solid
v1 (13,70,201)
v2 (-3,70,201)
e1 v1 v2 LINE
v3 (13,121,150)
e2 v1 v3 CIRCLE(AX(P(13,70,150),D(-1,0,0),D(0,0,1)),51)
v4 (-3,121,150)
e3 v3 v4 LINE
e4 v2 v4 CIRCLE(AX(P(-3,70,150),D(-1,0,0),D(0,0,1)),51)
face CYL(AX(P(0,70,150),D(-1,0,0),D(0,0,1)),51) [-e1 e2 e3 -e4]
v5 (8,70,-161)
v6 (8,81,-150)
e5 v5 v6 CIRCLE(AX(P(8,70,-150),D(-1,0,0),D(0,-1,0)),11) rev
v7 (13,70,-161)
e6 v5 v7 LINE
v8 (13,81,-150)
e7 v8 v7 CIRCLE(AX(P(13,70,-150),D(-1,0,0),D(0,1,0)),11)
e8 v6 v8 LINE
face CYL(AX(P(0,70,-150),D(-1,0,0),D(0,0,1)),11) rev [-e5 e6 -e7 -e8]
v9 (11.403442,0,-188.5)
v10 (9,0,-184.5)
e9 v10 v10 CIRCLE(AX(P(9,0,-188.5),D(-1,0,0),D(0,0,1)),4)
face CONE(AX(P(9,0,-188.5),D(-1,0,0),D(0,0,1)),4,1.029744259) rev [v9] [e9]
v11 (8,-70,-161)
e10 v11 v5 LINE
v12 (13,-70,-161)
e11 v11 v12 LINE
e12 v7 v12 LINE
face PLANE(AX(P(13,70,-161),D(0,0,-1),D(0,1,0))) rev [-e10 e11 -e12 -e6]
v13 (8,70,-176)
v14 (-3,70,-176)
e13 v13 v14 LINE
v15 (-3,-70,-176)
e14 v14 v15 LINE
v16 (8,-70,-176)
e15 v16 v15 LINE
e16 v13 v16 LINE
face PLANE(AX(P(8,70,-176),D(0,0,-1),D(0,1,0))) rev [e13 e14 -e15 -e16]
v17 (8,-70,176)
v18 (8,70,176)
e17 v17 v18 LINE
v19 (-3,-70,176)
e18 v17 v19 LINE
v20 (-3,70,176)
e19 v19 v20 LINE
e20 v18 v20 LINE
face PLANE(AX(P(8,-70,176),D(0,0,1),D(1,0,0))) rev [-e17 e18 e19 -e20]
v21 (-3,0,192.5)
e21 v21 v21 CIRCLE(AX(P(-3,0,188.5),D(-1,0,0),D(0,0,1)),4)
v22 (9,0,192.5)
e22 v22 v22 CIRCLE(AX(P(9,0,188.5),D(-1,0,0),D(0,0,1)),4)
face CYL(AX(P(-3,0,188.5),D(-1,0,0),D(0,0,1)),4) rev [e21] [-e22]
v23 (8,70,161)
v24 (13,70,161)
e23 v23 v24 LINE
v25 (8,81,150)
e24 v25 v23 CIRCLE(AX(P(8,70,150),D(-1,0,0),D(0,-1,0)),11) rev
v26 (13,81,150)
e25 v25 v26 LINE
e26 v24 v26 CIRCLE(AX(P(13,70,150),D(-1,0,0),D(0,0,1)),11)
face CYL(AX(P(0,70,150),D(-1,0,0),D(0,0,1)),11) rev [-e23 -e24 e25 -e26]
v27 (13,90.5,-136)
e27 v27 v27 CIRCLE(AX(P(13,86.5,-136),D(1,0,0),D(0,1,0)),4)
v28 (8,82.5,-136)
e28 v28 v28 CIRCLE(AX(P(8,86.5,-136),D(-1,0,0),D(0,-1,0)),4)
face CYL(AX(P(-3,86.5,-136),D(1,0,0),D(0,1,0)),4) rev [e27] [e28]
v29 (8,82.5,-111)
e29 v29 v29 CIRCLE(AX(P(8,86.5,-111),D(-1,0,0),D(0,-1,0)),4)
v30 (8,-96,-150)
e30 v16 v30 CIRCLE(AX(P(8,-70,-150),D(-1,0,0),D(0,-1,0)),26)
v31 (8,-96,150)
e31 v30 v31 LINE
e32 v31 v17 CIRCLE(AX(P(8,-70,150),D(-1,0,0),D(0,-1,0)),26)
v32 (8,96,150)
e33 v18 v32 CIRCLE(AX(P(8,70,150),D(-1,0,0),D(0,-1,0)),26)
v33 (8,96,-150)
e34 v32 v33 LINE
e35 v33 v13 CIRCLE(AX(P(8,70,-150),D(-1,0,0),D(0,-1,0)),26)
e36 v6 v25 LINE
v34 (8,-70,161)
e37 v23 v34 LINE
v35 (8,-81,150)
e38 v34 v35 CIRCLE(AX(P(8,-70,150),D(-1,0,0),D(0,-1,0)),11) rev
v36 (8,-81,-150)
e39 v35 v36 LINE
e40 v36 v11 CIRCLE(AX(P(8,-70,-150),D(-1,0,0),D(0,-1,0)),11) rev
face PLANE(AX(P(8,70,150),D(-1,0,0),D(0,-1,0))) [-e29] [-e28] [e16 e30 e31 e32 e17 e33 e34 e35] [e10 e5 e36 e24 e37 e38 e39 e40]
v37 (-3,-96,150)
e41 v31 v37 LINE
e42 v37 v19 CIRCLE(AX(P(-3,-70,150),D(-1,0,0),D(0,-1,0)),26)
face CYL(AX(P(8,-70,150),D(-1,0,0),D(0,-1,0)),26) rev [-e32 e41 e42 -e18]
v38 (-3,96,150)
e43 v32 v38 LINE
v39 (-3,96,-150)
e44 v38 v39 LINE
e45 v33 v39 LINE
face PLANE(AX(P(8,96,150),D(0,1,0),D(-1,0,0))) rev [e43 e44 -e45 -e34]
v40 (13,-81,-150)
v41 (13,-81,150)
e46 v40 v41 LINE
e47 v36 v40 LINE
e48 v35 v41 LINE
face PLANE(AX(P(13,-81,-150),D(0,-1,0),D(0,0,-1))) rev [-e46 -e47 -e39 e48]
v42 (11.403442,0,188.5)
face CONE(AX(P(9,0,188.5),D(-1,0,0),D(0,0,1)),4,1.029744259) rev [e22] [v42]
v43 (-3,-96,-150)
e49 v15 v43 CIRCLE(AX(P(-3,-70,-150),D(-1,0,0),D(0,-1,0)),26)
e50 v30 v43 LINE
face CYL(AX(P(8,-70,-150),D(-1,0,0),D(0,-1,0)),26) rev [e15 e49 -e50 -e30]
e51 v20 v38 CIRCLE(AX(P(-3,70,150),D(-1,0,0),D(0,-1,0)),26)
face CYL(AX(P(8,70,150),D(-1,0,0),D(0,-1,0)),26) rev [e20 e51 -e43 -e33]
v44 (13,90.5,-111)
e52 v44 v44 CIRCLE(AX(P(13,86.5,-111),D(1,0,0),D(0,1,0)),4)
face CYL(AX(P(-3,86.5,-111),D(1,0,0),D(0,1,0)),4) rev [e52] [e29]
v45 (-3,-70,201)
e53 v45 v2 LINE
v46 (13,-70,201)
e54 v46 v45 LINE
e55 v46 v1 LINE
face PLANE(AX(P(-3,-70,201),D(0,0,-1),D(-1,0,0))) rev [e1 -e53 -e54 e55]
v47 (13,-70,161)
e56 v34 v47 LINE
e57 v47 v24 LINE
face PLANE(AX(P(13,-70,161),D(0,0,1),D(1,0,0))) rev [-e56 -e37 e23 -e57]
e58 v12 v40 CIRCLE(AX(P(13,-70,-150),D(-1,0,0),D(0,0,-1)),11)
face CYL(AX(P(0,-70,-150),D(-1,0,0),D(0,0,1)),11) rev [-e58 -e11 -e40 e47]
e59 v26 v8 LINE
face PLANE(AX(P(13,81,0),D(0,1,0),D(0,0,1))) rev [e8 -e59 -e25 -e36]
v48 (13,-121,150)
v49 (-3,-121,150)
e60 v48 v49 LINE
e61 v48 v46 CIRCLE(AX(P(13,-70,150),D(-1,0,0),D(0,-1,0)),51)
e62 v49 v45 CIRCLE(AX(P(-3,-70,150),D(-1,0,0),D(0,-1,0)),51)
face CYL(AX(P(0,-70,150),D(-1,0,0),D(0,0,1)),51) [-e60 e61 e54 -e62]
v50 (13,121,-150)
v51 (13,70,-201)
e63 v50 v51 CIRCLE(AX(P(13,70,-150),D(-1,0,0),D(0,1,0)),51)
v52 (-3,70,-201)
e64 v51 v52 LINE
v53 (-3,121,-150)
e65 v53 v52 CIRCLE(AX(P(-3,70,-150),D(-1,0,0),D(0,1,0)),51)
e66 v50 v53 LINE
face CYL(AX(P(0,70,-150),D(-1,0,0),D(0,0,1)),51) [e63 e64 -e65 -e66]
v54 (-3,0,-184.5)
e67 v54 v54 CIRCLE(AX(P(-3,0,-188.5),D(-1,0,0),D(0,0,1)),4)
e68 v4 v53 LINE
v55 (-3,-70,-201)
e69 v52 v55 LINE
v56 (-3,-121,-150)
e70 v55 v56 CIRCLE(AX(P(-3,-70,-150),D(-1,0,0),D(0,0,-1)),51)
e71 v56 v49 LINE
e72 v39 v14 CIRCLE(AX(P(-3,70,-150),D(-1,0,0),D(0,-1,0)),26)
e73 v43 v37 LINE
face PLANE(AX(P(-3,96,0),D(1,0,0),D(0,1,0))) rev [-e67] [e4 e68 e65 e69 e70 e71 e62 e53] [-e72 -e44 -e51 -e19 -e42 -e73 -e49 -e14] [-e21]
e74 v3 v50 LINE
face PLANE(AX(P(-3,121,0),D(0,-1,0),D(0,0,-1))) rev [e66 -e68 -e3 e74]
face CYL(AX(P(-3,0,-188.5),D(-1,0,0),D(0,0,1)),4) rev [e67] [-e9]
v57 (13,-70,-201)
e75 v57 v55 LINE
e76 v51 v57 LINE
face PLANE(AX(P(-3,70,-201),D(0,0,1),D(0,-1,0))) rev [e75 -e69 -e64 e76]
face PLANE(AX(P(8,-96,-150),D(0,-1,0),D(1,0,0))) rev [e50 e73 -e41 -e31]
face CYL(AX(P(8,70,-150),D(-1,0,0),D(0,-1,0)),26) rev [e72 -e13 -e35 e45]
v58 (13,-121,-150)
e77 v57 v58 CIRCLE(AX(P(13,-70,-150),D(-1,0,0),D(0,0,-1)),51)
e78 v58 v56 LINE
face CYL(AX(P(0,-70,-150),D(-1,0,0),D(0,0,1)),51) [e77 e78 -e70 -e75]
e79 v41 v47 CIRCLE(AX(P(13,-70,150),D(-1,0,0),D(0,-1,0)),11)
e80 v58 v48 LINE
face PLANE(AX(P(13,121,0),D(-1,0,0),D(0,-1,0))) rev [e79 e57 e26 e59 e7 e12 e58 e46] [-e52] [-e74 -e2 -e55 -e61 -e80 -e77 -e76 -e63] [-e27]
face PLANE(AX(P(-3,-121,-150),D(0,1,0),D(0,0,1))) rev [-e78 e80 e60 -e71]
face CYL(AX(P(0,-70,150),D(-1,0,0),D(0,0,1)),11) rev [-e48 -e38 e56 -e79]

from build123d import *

# Parameters (mm, degrees)
BOSS_EXTRUDE1_DEPTH       = 16
CUT_EXTRUDE3_DEPTH        = 11
SKETCH3_R                 = 4
CUT_EXTRUDE1_DEPTH        = 236.155267855
F_8_0MM_DOWEL_HOLE1_D     = 8
F_8_0MM_DOWEL_HOLE1_DEPTH = 12
F_8_0MM_DOWEL_HOLE1_TIP   = 2.403442476


with BuildPart() as part:
    # Sweep1: sweep along a path in Sketch2
    with BuildLine(Plane(origin=(0, 0, 0), x_dir=(0, 0, -1), z_dir=(1, 0, 0))) as sweep1_path:
        Line((150, 92), (-150, 92))
        ThreePointArc((-150, 92), (-165.556349186, 85.556349186), (-172, 70))
        Line((-172, 70), (-172, -70))
        ThreePointArc((-172, -70), (-165.556349186, -85.556349186), (-150, -92))
        Line((-150, -92), (150, -92))
        ThreePointArc((150, -92), (165.556349186, -85.556349186), (172, -70))
        Line((172, -70), (172, 70))
        ThreePointArc((172, 70), (165.556349186, 85.556349186), (150, 92))
    # Sketch1 → Sweep1 (sweep)
    with BuildSketch(Plane.XY):
        Polygon((-3, 96), (-3, 121), (13, 121), (13, 81), (8, 81), (8, 96), align=None)
    sweep(path=sweep1_path.line)

    # Sketch5 → Boss-Extrude1 (add)
    with BuildSketch(Plane(origin=(13, 0, 0), x_dir=(0, 0, -1), z_dir=(1, 0, 0))):
        with BuildLine():
            Line((201, 70), (201, -70))
            ThreePointArc((201, -70), (186.062445841, -106.062445841), (150, -121))
            Line((150, -121), (-150, -121))
            ThreePointArc((-150, -121), (-186.062445841, -106.062445841), (-201, -70))
            Line((-201, -70), (-201, 70))
            ThreePointArc((-201, 70), (-186.062445841, 106.062445841), (-150, 121))
            Line((-150, 121), (150, 121))
            ThreePointArc((150, 121), (186.062445841, 106.062445841), (201, 70))
        make_face()
        with BuildLine():
            Line((-161, -70), (-161, 70))
            ThreePointArc((-161, 70), (-157.778174593, 77.778174593), (-150, 81))
            Line((-150, 81), (150, 81))
            ThreePointArc((150, 81), (157.778174593, 77.778174593), (161, 70))
            Line((161, 70), (161, -70))
            ThreePointArc((161, -70), (157.778174593, -77.778174593), (150, -81))
            Line((150, -81), (-150, -81))
            ThreePointArc((-150, -81), (-157.778174593, -77.778174593), (-161, -70))
        make_face(mode=Mode.SUBTRACT)
    extrude(amount=-BOSS_EXTRUDE1_DEPTH)

    # Sketch6 → Cut-Extrude3 (cut)
    with BuildSketch(Plane.ZY.offset(3)):
        with BuildLine():
            Line((176, -70), (176, 70))
            ThreePointArc((176, 70), (168.384776311, 88.384776311), (150, 96))
            Line((150, 96), (-150, 96))
            ThreePointArc((-150, 96), (-168.384776311, 88.384776311), (-176, 70))
            Line((-176, 70), (-176, -70))
            ThreePointArc((-176, -70), (-168.384776311, -88.384776311), (-150, -96))
            Line((-150, -96), (150, -96))
            ThreePointArc((150, -96), (168.384776311, -88.384776311), (176, -70))
        make_face()
    extrude(amount=-CUT_EXTRUDE3_DEPTH, mode=Mode.SUBTRACT)

    # Sketch3 → Cut-Extrude1 (cut, through all)
    with BuildSketch(Plane(origin=(13, 0, 0), x_dir=(0, 0, -1), z_dir=(1, 0, 0))):
        with Locations(Location((111, 86.5, 0), (0, 0, 90))):
            Circle(SKETCH3_R)
        with Locations(Location((136, 86.5, 0), (0, 0, 90))):
            Circle(SKETCH3_R)
    extrude(amount=-CUT_EXTRUDE1_DEPTH, mode=Mode.SUBTRACT)

    # Ø8.0mm Dowel Hole1
    with Locations(Plane(origin=(-3, 0, -188.5), x_dir=(0, -1, 0), z_dir=(-1, 0, 0))):
        with Locations((0, 0), (0, 377)):
            Hole(F_8_0MM_DOWEL_HOLE1_D / 2, depth=F_8_0MM_DOWEL_HOLE1_DEPTH)
            with Locations((0, 0, -(F_8_0MM_DOWEL_HOLE1_DEPTH + F_8_0MM_DOWEL_HOLE1_TIP / 2))):  # 118° drill point
                Cone(0, F_8_0MM_DOWEL_HOLE1_D / 2, F_8_0MM_DOWEL_HOLE1_TIP, mode=Mode.SUBTRACT)


solid = part.part
